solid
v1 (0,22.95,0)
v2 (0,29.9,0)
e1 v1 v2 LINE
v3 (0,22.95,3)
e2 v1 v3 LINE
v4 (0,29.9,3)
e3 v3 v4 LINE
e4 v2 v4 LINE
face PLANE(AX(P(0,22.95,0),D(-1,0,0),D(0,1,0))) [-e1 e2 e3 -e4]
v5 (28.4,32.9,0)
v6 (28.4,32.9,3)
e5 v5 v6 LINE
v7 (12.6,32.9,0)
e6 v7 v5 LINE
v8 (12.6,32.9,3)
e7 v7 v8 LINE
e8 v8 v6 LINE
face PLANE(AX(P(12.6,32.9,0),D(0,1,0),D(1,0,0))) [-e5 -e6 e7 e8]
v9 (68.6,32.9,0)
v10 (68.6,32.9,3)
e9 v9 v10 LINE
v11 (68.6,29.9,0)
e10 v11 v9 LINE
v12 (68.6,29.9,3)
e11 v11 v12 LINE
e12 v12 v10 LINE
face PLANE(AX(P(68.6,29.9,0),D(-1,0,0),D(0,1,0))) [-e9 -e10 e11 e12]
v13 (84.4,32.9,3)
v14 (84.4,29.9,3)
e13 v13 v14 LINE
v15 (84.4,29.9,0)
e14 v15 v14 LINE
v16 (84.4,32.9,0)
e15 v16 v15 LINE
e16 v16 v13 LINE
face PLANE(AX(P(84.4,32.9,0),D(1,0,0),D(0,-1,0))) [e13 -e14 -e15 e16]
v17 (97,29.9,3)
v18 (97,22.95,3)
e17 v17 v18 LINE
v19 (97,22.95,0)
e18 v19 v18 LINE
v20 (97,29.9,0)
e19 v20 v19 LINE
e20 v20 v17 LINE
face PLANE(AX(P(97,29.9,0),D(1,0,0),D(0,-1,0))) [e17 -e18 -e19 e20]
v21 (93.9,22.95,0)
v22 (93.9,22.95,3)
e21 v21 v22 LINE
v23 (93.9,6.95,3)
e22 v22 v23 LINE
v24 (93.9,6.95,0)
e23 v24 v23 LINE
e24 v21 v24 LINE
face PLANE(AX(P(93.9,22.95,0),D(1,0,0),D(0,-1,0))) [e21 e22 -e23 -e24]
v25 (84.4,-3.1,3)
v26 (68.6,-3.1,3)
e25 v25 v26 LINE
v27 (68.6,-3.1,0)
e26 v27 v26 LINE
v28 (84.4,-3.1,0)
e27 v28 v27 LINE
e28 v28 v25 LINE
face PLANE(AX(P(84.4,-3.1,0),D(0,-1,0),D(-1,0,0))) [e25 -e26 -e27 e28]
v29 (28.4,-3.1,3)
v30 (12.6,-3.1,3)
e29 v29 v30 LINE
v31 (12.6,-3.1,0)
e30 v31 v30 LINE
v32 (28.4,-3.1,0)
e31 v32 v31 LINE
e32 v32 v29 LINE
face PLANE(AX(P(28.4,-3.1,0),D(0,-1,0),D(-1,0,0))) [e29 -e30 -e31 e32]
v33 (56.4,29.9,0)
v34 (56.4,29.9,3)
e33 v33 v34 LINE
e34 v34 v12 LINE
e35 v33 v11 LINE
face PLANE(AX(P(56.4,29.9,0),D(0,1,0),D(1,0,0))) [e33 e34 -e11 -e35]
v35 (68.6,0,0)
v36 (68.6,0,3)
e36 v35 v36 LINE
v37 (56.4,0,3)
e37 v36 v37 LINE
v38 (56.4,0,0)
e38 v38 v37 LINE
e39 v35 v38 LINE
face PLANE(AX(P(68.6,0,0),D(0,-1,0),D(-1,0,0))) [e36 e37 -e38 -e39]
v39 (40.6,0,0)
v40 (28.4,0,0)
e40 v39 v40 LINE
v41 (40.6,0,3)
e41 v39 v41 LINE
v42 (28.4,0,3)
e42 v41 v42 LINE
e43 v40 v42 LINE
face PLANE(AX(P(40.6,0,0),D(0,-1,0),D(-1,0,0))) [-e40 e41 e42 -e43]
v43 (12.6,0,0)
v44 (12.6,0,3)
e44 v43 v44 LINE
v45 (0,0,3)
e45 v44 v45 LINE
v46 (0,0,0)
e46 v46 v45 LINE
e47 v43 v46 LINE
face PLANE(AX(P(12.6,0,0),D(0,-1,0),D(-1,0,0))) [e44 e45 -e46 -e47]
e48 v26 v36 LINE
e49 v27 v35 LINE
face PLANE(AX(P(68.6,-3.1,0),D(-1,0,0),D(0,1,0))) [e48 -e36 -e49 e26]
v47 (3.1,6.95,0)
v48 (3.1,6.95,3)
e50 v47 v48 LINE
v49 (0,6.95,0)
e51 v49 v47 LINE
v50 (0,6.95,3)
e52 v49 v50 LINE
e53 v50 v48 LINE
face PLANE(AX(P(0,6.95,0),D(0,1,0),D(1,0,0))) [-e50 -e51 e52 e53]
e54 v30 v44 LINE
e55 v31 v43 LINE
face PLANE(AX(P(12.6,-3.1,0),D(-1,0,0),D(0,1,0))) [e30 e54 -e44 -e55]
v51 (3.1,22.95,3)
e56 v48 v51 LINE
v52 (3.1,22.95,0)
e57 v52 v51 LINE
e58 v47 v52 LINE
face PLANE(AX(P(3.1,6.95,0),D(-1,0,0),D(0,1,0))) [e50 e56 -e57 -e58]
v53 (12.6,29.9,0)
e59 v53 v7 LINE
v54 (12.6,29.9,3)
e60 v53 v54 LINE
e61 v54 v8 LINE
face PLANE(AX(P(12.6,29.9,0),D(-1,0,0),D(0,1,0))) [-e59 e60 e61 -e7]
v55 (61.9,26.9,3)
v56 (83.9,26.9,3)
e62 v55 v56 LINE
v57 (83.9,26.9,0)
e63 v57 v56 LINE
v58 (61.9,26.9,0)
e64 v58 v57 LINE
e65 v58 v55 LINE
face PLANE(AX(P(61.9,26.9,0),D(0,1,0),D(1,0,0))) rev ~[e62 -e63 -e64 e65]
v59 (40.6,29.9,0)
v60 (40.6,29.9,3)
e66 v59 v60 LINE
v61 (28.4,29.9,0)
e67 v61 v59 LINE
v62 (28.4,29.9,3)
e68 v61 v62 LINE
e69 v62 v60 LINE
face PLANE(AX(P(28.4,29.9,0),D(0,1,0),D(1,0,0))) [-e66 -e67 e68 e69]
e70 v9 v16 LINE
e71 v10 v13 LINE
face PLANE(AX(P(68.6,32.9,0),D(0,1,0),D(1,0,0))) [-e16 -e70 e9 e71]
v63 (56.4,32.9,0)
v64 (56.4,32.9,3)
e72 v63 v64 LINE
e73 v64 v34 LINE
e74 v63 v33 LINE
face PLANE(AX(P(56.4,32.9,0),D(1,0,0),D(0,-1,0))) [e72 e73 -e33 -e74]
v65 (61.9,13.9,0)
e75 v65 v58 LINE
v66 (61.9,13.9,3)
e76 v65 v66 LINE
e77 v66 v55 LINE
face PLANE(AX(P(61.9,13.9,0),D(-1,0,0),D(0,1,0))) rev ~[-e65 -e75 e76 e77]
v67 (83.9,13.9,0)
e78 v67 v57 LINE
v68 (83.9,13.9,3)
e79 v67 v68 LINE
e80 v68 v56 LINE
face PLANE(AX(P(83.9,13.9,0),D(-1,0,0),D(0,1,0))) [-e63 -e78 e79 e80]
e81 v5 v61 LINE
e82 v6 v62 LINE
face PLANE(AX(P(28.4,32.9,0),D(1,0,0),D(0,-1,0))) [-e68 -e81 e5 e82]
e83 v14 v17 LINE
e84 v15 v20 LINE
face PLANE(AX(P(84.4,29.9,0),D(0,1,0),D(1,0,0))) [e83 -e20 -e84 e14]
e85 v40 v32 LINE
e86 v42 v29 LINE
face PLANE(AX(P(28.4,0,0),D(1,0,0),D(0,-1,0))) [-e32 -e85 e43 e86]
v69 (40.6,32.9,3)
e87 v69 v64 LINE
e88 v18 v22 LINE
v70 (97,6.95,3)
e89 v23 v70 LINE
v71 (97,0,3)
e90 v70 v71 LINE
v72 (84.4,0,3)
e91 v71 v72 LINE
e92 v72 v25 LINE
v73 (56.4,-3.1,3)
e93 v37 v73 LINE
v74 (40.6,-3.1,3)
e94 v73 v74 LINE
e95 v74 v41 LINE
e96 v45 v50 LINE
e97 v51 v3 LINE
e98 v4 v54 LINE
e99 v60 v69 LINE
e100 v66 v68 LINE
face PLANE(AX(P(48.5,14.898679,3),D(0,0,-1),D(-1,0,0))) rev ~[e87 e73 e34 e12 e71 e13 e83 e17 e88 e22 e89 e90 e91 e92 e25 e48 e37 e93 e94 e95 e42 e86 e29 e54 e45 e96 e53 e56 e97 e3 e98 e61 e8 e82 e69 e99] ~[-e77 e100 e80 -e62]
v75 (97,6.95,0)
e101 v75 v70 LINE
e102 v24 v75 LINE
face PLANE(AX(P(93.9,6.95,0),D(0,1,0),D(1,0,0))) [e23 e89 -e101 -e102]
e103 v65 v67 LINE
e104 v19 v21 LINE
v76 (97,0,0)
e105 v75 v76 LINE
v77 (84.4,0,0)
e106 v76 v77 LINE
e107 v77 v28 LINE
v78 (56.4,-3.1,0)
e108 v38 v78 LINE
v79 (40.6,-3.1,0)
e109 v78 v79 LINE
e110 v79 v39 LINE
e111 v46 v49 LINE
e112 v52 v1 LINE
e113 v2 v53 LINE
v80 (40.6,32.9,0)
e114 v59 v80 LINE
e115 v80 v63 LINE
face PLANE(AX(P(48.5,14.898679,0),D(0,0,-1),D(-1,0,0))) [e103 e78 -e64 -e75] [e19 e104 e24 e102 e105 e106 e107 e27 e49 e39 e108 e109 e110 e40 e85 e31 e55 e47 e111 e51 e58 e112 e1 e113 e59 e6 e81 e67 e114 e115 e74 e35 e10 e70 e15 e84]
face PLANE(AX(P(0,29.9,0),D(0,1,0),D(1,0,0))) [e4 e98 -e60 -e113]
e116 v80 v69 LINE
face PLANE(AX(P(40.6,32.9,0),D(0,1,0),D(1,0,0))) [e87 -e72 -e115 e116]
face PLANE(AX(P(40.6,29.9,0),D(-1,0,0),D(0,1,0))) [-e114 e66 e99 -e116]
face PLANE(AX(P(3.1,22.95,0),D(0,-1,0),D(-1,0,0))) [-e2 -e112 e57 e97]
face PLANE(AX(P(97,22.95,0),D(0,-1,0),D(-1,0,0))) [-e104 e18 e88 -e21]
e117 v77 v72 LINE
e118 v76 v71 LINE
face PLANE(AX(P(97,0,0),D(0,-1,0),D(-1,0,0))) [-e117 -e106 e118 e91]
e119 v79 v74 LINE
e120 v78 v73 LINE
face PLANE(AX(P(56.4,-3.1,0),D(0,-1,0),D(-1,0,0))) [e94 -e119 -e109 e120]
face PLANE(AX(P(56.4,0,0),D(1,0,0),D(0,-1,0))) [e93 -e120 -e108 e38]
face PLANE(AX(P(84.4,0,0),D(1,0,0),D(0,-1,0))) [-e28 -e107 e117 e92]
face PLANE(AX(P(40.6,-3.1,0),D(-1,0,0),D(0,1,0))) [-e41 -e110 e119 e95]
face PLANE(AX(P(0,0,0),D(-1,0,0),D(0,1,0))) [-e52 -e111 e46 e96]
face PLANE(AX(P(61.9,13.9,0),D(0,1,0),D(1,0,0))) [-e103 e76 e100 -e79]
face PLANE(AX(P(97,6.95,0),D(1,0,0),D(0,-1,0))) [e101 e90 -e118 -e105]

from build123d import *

# Parameters (mm, degrees)
SKETCH1_W           = 22
SKETCH1_H           = 13
BOSS_EXTRUDE1_DEPTH = 3


with BuildPart() as part:
    # Sketch1 → Boss-Extrude1 (new body)
    with BuildSketch(Plane.XY):
        Polygon((0, 29.9), (12.6, 29.9), (12.6, 32.9), (28.4, 32.9), (28.4, 29.9), (40.6, 29.9), (40.6, 32.9), (56.4, 32.9), (56.4, 29.9), (68.6, 29.9), (68.6, 32.9), (84.4, 32.9), (84.4, 29.9), (97, 29.9), (97, 22.95), (93.9, 22.95), (93.9, 6.95), (97, 6.95), (97, 0), (84.4, 0), (84.4, -3.1), (68.6, -3.1), (68.6, 0), (56.4, 0), (56.4, -3.1), (40.6, -3.1), (40.6, 0), (28.4, 0), (28.4, -3.1), (12.6, -3.1), (12.6, 0), (0, 0), (0, 6.95), (3.1, 6.95), (3.1, 22.95), (0, 22.95), align=None)
        with Locations((72.9, 20.4)):
            Rectangle(SKETCH1_W, SKETCH1_H, mode=Mode.SUBTRACT)
    extrude(amount=BOSS_EXTRUDE1_DEPTH)


solid = part.part
